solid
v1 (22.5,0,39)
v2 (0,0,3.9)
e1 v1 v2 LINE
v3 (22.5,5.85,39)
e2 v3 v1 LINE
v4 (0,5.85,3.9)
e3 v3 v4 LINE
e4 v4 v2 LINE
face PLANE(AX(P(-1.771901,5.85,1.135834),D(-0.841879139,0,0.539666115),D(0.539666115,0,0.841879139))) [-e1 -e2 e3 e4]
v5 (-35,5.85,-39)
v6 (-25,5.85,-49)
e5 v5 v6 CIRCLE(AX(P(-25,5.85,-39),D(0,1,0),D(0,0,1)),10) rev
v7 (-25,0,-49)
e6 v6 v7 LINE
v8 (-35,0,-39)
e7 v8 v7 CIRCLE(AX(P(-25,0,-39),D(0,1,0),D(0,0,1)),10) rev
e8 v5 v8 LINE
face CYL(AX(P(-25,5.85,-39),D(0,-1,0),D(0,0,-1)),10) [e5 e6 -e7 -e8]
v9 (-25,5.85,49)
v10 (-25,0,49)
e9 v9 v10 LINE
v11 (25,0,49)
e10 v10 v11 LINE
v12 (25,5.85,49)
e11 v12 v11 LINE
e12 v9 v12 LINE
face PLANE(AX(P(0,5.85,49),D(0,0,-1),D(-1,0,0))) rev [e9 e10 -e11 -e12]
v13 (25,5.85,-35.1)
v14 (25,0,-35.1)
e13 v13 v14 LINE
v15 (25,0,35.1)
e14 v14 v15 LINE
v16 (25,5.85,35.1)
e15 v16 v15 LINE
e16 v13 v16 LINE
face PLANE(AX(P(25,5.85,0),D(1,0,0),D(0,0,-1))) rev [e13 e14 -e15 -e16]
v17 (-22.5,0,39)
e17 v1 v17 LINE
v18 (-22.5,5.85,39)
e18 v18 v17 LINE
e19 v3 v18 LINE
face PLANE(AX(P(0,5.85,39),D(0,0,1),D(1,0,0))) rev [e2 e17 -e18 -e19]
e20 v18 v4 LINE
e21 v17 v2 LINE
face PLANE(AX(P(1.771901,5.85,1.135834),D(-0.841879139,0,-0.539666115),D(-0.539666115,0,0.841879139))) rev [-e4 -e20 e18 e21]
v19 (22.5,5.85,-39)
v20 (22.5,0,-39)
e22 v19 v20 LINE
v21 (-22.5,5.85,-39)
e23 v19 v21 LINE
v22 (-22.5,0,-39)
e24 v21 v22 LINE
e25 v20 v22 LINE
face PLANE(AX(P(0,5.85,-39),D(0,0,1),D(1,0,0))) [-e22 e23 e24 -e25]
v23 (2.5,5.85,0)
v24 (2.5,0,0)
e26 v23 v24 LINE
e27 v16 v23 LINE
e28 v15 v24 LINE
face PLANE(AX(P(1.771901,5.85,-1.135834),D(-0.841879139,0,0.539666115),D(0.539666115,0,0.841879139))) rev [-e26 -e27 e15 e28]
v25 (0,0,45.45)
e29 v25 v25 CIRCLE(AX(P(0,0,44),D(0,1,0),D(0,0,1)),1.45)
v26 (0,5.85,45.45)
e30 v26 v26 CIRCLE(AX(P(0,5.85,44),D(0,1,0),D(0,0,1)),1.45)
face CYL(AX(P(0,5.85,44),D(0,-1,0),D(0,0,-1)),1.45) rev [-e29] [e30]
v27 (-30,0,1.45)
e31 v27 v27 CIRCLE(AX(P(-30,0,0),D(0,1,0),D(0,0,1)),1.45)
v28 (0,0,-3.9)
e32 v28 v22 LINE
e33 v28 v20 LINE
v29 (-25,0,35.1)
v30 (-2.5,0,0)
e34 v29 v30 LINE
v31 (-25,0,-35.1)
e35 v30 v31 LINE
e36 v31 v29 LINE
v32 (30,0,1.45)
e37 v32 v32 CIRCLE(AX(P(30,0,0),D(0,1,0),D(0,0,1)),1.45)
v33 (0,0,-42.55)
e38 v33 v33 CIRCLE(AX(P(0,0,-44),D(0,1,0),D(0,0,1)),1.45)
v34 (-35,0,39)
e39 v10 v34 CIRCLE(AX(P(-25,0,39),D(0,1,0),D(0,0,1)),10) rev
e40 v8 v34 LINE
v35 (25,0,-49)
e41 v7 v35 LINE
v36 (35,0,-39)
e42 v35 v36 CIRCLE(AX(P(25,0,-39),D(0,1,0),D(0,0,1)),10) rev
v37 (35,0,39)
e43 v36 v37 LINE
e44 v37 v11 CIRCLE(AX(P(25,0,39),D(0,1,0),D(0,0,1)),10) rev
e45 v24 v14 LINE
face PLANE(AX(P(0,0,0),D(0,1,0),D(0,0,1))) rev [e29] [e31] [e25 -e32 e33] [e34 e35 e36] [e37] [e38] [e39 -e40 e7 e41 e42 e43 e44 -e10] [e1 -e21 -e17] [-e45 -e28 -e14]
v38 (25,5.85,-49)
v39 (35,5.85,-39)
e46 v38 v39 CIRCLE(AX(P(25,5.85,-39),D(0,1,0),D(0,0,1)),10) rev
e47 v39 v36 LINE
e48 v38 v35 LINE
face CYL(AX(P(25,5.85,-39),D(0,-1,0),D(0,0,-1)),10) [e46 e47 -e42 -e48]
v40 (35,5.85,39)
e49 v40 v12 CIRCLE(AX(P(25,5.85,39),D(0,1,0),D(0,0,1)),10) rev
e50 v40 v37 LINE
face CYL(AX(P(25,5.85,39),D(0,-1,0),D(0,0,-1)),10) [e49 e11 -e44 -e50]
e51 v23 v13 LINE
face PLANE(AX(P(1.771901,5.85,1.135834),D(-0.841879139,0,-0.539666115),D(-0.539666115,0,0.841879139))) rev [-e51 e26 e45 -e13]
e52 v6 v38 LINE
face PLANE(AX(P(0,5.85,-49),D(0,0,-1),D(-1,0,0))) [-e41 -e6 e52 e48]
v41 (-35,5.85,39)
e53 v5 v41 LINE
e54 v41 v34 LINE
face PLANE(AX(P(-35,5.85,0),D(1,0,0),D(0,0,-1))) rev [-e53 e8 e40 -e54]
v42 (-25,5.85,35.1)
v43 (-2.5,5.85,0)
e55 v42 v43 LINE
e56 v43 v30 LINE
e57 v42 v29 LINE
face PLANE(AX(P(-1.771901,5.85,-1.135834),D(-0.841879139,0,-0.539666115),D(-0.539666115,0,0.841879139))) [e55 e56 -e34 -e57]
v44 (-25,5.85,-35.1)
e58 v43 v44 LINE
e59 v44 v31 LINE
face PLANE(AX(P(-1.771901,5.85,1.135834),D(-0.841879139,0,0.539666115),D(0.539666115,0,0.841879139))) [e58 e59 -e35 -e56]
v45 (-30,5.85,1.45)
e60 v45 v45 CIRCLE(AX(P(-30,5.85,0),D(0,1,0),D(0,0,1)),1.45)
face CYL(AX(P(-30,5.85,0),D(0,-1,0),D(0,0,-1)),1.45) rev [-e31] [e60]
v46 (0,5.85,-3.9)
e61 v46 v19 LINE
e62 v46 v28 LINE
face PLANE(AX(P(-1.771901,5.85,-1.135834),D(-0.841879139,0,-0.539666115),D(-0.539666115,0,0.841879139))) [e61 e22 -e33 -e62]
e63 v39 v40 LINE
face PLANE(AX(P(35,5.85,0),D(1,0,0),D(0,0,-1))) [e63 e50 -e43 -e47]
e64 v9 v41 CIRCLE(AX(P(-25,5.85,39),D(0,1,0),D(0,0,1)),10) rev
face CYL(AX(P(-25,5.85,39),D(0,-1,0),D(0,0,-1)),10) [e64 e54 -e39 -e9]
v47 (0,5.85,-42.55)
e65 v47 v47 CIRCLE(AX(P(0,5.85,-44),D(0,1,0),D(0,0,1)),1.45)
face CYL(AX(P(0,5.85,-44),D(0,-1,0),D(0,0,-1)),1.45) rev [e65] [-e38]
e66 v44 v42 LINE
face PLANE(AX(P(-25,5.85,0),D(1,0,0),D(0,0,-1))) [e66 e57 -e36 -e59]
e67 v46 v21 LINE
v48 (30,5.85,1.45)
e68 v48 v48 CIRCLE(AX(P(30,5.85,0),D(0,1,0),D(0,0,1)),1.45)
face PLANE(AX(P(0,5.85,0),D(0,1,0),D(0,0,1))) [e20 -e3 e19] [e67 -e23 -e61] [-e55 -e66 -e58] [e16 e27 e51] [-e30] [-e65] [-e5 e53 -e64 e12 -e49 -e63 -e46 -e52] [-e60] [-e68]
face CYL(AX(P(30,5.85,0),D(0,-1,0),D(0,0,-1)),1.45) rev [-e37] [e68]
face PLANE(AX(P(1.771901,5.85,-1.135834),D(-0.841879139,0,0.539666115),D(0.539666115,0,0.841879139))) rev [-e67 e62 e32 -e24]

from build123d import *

# Parameters (mm, degrees)
SKETCH1_R           = 1.45
BOSS_EXTRUDE1_DEPTH = 5.85


with BuildPart() as part:
    # Sketch1 → Boss-Extrude1 (new body)
    with BuildSketch(Plane(origin=(0, 0, 0), x_dir=(1, 0, 0), z_dir=(0, 1, 0))):
        with BuildLine():
            ThreePointArc((-25, 49), (-32.071067812, 46.071067812), (-35, 39))
            Line((-35, 39), (-35, -39))
            ThreePointArc((-35, -39), (-32.071067812, -46.071067812), (-25, -49))
            Line((-25, -49), (25, -49))
            ThreePointArc((25, -49), (32.071067812, -46.071067812), (35, -39))
            Line((35, -39), (35, 39))
            ThreePointArc((35, 39), (32.071067812, 46.071067812), (25, 49))
            Line((25, 49), (-25, 49))
        make_face()
        Polygon((-22.5, -39), (0, -3.9), (22.5, -39), align=None, mode=Mode.SUBTRACT)
        Polygon((25, -35.1), (2.5, 0), (25, 35.1), align=None, mode=Mode.SUBTRACT)
        Polygon((22.5, 39), (0, 3.9), (-22.5, 39), align=None, mode=Mode.SUBTRACT)
        Polygon((-25, 35.1), (-2.5, 0), (-25, -35.1), align=None, mode=Mode.SUBTRACT)
        with Locations(Location((0, -44, 0), (0, 0, 270))):
            Circle(SKETCH1_R, mode=Mode.SUBTRACT)
        with Locations(Location((-30, 0, 0), (0, 0, 270))):
            Circle(SKETCH1_R, mode=Mode.SUBTRACT)
        with Locations(Location((0, 44, 0), (0, 0, 270))):
            Circle(SKETCH1_R, mode=Mode.SUBTRACT)
        with Locations(Location((30, 0, 0), (0, 0, 270))):
            Circle(SKETCH1_R, mode=Mode.SUBTRACT)
    extrude(amount=BOSS_EXTRUDE1_DEPTH)


solid = part.part
